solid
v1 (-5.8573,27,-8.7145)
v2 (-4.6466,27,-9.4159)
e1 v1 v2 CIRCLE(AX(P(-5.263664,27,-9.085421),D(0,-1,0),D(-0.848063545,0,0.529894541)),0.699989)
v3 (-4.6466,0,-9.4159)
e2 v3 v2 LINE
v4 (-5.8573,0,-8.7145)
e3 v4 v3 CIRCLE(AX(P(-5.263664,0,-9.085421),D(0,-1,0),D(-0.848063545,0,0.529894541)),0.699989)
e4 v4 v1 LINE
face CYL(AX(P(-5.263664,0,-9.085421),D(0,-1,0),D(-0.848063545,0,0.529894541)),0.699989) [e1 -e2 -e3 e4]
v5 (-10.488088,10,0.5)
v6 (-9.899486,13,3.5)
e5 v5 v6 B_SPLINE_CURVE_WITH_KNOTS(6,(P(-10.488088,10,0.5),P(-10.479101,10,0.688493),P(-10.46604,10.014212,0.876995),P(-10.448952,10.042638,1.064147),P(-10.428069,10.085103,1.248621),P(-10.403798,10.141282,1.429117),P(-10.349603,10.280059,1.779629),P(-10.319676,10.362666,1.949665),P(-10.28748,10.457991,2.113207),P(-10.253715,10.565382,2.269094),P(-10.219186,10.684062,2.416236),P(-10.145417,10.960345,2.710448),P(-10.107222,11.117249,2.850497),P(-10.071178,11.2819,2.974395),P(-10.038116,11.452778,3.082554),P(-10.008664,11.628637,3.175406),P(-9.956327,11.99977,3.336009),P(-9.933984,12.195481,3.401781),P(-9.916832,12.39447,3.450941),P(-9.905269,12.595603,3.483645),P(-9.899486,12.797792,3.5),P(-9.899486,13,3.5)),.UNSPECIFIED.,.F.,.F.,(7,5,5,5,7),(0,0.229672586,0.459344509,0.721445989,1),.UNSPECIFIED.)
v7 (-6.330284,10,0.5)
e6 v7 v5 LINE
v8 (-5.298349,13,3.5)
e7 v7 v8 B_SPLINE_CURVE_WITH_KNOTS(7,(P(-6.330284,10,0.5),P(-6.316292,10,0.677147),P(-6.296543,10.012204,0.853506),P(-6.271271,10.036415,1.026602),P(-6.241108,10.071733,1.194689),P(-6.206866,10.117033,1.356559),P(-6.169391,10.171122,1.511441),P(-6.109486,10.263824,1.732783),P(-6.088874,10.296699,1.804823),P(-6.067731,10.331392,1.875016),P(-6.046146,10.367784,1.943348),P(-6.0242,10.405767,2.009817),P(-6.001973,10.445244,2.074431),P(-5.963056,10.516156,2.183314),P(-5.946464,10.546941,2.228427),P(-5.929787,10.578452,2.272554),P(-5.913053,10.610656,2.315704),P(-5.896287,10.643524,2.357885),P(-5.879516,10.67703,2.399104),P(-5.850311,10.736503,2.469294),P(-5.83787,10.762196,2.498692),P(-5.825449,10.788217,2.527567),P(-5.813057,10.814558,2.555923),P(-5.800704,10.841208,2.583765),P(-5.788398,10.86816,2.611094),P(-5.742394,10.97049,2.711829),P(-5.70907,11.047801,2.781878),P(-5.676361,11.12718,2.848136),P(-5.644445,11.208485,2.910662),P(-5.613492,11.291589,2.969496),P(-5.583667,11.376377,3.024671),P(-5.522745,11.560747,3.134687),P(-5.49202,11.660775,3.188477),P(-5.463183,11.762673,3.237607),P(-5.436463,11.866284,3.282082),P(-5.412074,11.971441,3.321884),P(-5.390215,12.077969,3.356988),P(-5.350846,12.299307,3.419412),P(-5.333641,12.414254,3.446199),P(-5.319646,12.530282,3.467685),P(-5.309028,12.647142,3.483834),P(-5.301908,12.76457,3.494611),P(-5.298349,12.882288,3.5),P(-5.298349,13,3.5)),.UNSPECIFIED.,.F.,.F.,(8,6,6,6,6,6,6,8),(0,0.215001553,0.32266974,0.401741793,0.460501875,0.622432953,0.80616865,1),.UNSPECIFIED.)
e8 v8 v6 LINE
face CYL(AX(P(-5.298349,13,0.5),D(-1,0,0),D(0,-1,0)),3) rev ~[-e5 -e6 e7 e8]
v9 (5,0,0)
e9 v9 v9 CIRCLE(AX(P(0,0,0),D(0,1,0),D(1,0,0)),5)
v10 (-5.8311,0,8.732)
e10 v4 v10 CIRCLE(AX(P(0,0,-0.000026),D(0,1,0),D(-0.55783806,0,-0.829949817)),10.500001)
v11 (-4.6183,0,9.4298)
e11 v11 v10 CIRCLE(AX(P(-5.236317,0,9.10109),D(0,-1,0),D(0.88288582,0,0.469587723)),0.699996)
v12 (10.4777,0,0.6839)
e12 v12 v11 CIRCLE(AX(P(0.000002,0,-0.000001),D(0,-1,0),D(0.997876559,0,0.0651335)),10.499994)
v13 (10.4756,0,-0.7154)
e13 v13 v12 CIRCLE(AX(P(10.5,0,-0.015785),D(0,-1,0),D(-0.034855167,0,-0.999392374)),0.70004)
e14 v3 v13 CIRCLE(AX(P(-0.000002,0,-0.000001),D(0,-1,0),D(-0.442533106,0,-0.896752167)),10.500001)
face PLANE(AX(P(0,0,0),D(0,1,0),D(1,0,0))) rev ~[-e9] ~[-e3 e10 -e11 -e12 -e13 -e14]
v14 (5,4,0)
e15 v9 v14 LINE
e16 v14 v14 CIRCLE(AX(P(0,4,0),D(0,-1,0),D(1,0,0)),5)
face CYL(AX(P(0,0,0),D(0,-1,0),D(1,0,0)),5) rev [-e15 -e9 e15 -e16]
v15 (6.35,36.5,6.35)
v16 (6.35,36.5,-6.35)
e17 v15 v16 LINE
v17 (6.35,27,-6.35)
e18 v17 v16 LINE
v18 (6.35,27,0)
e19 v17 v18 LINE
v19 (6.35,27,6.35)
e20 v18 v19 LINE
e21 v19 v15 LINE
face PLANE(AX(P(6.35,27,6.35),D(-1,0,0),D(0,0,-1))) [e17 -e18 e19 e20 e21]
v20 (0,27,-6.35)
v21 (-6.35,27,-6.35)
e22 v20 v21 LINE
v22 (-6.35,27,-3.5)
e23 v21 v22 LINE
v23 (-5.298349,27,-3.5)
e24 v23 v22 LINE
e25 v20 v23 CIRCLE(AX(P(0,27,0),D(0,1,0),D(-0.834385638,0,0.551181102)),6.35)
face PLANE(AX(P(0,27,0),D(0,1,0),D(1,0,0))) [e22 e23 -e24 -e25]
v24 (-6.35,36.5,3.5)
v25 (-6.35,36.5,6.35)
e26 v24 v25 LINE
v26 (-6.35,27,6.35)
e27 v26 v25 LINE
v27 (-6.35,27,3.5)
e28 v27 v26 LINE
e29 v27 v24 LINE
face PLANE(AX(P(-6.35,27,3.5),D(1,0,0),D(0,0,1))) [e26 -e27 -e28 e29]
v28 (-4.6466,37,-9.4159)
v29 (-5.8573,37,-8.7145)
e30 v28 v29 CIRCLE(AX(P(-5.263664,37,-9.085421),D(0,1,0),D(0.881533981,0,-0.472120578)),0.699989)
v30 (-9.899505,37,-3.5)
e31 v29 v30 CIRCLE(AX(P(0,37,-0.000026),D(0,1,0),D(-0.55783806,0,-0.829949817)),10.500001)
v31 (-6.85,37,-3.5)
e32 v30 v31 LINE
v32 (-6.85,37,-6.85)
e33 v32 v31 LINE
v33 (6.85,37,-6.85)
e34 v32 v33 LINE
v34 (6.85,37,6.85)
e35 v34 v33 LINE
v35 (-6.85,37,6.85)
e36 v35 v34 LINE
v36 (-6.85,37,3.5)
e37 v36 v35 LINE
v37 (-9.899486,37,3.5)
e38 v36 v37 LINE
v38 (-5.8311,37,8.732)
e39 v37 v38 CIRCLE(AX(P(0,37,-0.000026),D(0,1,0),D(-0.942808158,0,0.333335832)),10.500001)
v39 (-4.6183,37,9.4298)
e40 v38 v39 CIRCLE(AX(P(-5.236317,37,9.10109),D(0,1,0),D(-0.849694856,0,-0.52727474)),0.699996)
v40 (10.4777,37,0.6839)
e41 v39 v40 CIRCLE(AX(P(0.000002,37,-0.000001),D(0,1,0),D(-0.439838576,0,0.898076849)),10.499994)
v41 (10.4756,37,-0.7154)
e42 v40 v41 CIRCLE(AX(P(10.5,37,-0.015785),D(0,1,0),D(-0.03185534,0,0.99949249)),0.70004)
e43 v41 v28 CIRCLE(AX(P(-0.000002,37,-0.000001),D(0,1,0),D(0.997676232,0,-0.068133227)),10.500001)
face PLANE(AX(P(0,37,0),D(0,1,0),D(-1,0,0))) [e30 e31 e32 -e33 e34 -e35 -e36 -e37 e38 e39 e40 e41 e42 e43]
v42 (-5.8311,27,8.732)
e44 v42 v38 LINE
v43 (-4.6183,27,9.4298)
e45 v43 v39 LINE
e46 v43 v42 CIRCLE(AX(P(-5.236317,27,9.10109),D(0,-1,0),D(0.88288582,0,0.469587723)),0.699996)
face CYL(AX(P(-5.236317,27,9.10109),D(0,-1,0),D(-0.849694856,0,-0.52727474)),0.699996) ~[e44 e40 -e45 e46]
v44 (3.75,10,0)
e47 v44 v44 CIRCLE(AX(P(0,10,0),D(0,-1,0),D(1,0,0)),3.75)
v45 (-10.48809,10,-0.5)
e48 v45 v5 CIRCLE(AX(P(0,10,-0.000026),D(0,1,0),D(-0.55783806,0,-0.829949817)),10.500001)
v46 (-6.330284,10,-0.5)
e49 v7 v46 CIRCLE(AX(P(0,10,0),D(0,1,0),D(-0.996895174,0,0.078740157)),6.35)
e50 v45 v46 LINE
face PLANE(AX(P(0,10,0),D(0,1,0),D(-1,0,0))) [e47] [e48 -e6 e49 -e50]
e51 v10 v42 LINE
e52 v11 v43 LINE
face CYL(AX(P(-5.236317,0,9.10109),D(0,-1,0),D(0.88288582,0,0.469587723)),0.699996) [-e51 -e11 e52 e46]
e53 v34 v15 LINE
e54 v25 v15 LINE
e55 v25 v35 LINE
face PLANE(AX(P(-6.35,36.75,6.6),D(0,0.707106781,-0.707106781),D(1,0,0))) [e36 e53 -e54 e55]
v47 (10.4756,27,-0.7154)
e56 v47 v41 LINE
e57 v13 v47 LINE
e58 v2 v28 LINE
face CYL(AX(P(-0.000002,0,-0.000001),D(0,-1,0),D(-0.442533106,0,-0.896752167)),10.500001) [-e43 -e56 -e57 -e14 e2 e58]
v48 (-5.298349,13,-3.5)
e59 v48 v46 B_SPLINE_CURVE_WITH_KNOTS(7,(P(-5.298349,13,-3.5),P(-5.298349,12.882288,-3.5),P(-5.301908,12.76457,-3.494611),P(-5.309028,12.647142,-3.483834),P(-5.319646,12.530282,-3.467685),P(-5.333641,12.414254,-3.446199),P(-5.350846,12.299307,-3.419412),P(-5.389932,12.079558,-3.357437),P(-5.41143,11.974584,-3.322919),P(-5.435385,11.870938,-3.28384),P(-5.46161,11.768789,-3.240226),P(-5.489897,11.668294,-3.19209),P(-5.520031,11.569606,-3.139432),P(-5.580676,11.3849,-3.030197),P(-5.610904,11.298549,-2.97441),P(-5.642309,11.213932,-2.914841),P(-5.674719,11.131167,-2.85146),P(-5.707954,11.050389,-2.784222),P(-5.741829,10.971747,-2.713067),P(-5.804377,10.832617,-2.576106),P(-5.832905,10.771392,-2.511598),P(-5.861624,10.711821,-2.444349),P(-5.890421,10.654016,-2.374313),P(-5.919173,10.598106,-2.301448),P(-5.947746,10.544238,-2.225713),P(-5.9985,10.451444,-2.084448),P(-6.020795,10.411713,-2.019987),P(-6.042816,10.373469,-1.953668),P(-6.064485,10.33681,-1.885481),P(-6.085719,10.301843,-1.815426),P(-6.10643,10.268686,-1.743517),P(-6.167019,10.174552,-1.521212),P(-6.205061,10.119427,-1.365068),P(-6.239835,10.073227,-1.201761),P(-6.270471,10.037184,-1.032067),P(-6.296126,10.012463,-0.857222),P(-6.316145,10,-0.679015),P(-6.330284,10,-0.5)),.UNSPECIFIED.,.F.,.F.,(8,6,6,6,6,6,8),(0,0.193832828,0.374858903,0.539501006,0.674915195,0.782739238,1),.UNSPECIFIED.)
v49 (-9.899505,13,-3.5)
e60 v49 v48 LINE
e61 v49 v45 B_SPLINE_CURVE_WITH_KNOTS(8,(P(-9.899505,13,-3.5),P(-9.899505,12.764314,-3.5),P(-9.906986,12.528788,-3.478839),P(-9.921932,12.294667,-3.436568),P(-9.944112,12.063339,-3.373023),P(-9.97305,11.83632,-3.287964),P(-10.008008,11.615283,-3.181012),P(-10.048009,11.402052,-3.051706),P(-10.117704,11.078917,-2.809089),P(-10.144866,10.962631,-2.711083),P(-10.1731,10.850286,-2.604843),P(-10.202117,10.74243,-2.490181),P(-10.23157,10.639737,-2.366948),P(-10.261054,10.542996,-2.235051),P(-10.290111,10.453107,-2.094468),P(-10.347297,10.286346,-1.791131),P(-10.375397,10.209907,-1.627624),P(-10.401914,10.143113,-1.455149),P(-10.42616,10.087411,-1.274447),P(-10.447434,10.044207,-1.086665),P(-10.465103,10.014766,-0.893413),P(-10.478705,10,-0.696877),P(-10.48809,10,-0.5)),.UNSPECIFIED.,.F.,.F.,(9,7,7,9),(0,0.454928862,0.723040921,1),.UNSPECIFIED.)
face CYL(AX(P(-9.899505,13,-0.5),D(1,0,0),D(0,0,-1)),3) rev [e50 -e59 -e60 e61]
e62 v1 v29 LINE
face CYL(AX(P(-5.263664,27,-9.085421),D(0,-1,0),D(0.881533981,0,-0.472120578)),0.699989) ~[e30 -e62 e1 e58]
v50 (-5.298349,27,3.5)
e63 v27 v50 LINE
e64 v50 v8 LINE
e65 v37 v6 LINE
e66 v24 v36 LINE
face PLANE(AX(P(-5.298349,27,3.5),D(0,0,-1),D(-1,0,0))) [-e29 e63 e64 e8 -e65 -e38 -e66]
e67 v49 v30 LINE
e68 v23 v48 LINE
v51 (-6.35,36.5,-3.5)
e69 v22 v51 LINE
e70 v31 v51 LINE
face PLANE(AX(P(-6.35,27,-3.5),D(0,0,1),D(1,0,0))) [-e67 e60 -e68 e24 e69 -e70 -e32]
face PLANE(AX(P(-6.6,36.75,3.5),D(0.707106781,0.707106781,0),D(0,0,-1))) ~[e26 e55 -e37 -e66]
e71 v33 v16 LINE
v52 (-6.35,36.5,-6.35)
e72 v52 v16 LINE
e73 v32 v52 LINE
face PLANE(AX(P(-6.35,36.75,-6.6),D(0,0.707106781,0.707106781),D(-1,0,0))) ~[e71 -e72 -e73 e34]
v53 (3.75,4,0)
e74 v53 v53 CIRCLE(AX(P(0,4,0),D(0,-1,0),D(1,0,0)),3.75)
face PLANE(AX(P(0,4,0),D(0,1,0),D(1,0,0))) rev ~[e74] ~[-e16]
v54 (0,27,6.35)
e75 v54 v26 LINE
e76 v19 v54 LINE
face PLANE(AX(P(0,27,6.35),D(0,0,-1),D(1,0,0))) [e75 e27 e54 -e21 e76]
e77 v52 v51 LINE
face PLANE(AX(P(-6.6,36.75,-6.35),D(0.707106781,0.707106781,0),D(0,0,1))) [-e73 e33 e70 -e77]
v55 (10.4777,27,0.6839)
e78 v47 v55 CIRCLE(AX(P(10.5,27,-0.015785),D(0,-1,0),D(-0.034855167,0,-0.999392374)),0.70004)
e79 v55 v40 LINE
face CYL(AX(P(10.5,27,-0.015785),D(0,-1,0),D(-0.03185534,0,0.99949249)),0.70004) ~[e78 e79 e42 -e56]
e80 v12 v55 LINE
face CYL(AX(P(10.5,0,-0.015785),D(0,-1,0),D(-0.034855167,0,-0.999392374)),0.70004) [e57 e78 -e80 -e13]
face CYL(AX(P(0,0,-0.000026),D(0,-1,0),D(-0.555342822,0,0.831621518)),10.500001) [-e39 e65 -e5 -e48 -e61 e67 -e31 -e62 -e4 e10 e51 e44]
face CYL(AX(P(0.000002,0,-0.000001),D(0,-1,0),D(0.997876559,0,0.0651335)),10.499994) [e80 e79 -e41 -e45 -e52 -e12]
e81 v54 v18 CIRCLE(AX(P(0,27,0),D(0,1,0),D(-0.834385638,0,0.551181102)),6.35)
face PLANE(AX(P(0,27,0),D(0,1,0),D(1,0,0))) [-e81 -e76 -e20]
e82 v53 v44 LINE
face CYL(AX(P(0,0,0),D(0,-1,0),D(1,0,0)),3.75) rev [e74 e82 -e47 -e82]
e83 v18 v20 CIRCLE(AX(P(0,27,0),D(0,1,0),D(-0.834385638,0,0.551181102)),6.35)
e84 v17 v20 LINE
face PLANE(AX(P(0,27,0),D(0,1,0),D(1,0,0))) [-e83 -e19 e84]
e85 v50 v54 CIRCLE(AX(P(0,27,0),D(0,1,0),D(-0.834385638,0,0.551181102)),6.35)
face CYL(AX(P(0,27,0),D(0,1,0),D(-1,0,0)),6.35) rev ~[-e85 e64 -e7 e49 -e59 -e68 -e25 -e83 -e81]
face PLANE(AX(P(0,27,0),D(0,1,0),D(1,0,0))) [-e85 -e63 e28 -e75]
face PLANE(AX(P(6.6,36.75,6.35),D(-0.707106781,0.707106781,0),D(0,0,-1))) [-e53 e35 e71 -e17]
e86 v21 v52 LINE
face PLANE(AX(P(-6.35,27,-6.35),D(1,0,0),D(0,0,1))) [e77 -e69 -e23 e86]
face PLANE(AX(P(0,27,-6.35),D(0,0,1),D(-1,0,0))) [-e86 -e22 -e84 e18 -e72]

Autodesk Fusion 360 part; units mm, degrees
sketch "Sketch1" plane through (0, 0, 0) normal (0, 1, 0) x (1, 0, 0) in component "ChargerSpacer"
  arc A0 (-5.8311, -8.732) -> (-5.8573, 8.7145) centre (0, 0) cw
  arc A1 (-4.6183, -9.4298) -> (-5.8311, -8.732) centre (-5.2363, -9.1011) cw
  line L0 (-20, 3.982) -> (0, 3.982)
  arc A2 (10.4756, 0.7154) -> (10.4777, -0.6839) centre (10.5, 0.0158) cw
  arc A3 (-4.6466, 9.4159) -> (10.4756, 0.7154) centre (0, 0) cw
  arc A4 (10.4777, -0.6839) -> (-4.6183, -9.4298) centre (0, 0) cw
  arc A5 (-5.8573, 8.7145) -> (-4.6466, 9.4159) centre (-5.2637, 9.0854) cw
  line L1 (-20, -4.0237) -> (-20, 3.982)
  circle A6 centre (0, 0) radius 8
  line L2 (0, 3.982) -> (0, -4.0237)
  line L3 (0, -4.0237) -> (-20, -4.0237)
  circle A7 centre (0, 0) radius 5
  circle A8 centre (0, 0) radius 3.75
  dimension "d8" = 10
  dimension "d9" = 7.5
extrude "Extrude8" add sketch "Sketch1" along normal blind 27 contours A0 A1 L0 A2 A3 A4 A5 A6 L3 | A0 L0 A6 L3 | L0 A6 L3 A7 | L0 A6 L3 A7 | L0 L2 L3 A7 A8 | L0 L2 L3 A7 A8 in component "ChargerSpacer"
sketch "Sketch2" plane through (0, 27, 0) normal (0, 1, 0) x (-1, 0, 0) in component "ChargerSpacer"
  circle A0 centre (0, 0) radius 4
  line L0 (6.35, 6.35) -> (-6.35, 6.35)
  line L1 (-6.35, 6.35) -> (-6.35, -6.35)
  line L2 (-6.35, -6.35) -> (6.35, -6.35)
  line L3 (6.35, -6.35) -> (6.35, 6.35)
  line L4 (6.35, 6.35) -> (-6.35, -6.35) construction
  line L5 (-6.35, 6.35) -> (6.35, -6.35) construction
  line L6 (6.35, 6.35) -> (19.35, 6.35)
  line L7 (19.35, 6.35) -> (19.35, -6.35)
  line L8 (19.35, -6.35) -> (6.35, -6.35)
  line L9 (6.35, -6.35) -> (6.35, 6.35)
  circle A1 centre (0, 0) radius 6.35
  line L10 (12.5, -3.5) -> (-12.5, -3.5)
  line L11 (-12.5, -3.5) -> (-12.5, 3.5)
  line L12 (-12.5, 3.5) -> (12.5, 3.5)
  line L13 (12.5, 3.5) -> (12.5, -3.5)
  line L14 (12.5, -3.5) -> (-12.5, 3.5) construction
  line L15 (-12.5, -3.5) -> (12.5, 3.5) construction
  arc A2 (5.8573, -8.7145) -> (5.8311, 8.732) centre (0, 0) ccw
  arc A3 (5.8311, 8.732) -> (4.6183, 9.4298) centre (5.2363, 9.1011) ccw
  arc A4 (4.6183, 9.4298) -> (-10.4777, 0.6839) centre (0, 0) ccw
  arc A5 (-10.4777, 0.6839) -> (-10.4756, -0.7154) centre (-10.5, -0.0158) ccw
  arc A6 (-10.4756, -0.7154) -> (4.6466, -9.4159) centre (0, 0) ccw
  arc A7 (4.6466, -9.4159) -> (5.8573, -8.7145) centre (5.2637, -9.0854) ccw
  circle A8 centre (0, 0) radius 3.75
  dimension "d18" = 12.7
  dimension "d19" = 12.7
  dimension "d20" = 13
  dimension "d21" = 12.7
  dimension "d22" = 12.7
  dimension "d27" = 25
  dimension "d28" = 7
extrude "Extrude9" cut sketch "Sketch1" along normal blind 4 contours L0 L2 L3 A7 A8 | L0 L2 L3 A7 A8 in component "ChargerSpacer"
extrude "Extrude10" add sketch "Sketch2" along normal blind 10 contours L0 L1 L6 L12 A2 A3 A4 | L3 L6 L9 L12 A2 | L1 L2 L8 L10 A2 A6 A7 | L3 L8 L9 L10 A2 | L1 L10 L12 A4 A5 A6 in component "ChargerSpacer"
extrude "Extrude11" cut sketch "Sketch2" against normal blind 17 contours A0 L10 L12 A8 | A0 A1 L10 L12 | A0 L12 A8 | A0 A1 L12 | A0 A1 L10 | A0 L10 A8 | A0 L10 L12 A8 | A0 A1 L10 L12 | L3 L9 A1 L12 | L3 L9 A1 L10 | L3 L9 L10 L12 A2 in component "ChargerSpacer"
fillet "Fillet1" radius 3 2 edges at (-7.5989, 10, -3.5) (-7.5989, 10, 3.5) in component "ChargerSpacer"
chamfer "Chamfer1" distance 0.5 angle 45 5 edges at (-6.35, 37, -4.925) (0, 37, -6.35) (-6.35, 37, 4.925) (0, 37, 6.35) (6.35, 37, 0) in component "ChargerSpacer"
component "ChargerSpacer" placed x (1, 0, 0) y (0, 1, 0) z (0, 0, 1) at (0, 0, 0)
